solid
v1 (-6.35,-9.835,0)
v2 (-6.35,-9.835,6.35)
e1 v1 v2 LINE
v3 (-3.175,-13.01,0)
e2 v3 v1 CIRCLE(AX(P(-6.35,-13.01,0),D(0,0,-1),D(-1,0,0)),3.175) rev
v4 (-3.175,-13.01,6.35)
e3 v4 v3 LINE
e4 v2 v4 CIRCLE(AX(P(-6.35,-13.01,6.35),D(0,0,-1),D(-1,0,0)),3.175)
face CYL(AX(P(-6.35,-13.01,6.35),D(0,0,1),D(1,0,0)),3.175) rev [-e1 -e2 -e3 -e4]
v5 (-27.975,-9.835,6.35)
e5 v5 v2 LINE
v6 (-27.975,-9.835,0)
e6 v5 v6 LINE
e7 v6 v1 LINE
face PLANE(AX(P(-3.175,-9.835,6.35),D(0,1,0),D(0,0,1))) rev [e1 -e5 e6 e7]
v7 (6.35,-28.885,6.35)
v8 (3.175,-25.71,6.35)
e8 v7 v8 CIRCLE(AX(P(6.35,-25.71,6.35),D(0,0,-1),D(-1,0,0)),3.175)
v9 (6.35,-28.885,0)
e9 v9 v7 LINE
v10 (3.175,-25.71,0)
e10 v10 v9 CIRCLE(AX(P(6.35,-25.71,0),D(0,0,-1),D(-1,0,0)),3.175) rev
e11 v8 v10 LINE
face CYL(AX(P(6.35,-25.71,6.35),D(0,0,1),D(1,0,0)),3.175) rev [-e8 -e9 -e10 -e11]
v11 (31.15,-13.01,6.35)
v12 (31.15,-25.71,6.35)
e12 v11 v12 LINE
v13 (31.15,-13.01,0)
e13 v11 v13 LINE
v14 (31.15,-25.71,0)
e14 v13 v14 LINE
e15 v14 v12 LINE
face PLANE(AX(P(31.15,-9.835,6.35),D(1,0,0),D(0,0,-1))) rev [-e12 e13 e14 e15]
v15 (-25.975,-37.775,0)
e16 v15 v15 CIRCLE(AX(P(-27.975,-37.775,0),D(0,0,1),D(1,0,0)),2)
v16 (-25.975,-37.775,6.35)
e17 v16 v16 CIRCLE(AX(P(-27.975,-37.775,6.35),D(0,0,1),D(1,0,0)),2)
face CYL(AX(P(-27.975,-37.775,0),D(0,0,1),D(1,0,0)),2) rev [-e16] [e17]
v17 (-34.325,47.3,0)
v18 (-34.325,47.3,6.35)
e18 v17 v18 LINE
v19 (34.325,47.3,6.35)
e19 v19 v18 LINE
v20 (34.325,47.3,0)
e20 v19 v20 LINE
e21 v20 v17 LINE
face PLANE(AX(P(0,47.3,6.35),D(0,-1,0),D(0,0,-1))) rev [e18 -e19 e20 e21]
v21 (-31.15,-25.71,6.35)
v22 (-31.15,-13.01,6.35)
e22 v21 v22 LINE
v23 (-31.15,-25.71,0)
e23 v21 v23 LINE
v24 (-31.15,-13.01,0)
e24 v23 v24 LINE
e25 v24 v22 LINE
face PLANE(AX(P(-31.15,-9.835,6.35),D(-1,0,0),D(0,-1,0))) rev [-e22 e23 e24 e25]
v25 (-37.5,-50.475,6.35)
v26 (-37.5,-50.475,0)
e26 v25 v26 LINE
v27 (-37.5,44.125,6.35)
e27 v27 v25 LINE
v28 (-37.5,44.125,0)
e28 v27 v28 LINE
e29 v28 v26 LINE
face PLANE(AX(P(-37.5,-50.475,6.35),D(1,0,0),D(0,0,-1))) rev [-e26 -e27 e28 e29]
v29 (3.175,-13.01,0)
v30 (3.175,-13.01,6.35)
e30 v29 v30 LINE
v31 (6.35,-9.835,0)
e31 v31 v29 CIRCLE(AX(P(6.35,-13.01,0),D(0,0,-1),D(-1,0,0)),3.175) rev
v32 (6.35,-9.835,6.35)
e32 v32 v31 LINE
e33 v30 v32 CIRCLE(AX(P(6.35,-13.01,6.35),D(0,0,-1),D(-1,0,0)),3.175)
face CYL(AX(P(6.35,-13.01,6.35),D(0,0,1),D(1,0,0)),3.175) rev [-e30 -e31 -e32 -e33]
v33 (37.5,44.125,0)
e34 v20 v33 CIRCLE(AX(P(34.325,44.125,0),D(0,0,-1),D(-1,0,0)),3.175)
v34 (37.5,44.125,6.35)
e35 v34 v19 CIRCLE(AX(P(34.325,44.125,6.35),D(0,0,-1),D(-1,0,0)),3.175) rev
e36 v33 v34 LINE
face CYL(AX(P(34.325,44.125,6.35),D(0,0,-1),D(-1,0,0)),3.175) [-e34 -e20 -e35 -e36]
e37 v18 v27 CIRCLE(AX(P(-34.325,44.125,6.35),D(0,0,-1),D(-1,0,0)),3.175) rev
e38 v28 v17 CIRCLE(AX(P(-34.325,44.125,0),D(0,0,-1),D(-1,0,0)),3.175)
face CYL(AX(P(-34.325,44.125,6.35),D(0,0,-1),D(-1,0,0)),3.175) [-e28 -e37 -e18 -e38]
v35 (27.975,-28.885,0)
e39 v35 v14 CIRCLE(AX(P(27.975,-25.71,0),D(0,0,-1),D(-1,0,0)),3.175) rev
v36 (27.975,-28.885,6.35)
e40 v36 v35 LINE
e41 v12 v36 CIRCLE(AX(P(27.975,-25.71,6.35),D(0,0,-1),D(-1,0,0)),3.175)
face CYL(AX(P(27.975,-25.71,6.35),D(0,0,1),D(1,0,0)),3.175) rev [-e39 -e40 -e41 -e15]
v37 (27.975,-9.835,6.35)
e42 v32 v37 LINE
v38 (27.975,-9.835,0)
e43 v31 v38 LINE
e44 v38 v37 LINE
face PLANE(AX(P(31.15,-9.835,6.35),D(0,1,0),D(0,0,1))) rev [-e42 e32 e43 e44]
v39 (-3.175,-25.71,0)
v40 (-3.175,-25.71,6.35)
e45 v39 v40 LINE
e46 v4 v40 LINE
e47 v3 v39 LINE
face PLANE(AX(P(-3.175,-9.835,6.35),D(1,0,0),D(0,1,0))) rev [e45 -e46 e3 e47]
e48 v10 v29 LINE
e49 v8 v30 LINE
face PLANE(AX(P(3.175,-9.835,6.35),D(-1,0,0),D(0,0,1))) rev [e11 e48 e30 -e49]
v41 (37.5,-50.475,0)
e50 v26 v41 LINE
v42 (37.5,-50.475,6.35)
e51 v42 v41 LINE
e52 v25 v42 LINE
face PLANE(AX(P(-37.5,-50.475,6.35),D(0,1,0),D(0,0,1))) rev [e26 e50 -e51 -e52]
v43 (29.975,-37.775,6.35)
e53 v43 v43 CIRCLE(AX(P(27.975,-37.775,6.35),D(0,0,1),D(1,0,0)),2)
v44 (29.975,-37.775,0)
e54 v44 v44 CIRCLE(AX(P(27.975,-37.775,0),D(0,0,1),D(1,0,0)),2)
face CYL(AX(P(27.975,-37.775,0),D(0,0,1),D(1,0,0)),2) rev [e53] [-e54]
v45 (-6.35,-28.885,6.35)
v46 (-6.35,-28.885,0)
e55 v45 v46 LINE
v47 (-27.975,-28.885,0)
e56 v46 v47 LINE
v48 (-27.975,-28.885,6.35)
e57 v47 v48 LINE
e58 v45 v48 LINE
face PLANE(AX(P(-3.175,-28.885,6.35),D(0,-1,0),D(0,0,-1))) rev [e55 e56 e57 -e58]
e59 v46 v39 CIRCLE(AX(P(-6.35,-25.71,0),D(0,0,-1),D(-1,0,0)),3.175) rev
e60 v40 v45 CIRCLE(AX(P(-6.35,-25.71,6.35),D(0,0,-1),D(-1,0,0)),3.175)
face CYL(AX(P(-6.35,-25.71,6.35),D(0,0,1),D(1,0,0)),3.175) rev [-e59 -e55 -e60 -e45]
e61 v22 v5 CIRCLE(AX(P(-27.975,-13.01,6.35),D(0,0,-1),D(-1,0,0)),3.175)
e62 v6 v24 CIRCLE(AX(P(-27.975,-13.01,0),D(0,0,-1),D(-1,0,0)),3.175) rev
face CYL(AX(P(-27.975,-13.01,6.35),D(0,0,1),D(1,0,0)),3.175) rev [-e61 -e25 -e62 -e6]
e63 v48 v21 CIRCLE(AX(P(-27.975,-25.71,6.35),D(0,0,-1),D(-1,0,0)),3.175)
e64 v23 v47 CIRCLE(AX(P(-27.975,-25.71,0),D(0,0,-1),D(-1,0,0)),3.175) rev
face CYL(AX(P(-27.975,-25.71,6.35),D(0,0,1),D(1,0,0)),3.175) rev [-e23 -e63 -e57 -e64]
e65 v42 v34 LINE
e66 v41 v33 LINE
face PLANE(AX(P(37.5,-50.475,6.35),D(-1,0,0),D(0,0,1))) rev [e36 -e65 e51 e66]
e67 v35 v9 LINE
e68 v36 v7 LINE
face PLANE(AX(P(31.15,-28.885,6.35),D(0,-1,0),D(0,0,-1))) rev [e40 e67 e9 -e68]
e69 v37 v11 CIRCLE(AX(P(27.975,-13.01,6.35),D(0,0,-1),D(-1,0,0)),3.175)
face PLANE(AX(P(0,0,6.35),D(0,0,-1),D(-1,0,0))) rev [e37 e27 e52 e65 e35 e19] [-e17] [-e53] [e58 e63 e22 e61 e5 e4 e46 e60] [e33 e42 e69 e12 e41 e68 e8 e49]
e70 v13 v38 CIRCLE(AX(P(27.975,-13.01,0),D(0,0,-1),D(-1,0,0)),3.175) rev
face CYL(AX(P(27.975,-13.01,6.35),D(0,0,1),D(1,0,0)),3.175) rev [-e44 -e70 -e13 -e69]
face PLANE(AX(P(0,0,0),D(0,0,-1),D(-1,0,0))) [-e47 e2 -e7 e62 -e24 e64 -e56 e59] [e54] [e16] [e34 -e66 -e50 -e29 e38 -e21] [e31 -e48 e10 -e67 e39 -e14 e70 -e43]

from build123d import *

# Parameters (mm, degrees)
SKETCH1_W           = 75
SKETCH1_H           = 100.95000003
BOSS_EXTRUDE1_DEPTH = 6.35
SKETCH3_R           = 2
CUT_EXTRUDE1_DEPTH  = 6.35
SKETCH4_W           = 75
SKETCH4_H           = 3.175
CUT_EXTRUDE2_DEPTH  = 64.20045986
FILLET1_R           = 3.175
SKETCH5_W           = 27.975
SKETCH5_H           = 19.05
CUT_EXTRUDE3_DEPTH  = 64.20045986
FILLET2_R           = 3.175


with BuildPart() as part:
    # Sketch1 → Boss-Extrude1 (new body)
    with BuildSketch(Plane.XY):
        Rectangle(SKETCH1_W, SKETCH1_H)
    extrude(amount=BOSS_EXTRUDE1_DEPTH)

    # Sketch3 → Cut-Extrude1 (cut)
    with BuildSketch(Plane.XY.offset(6.35)):
        with Locations((-27.975, -37.775000015)):
            Circle(SKETCH3_R)
        with Locations((27.975, -37.775000015)):
            Circle(SKETCH3_R)
    extrude(amount=-CUT_EXTRUDE1_DEPTH, mode=Mode.SUBTRACT)

    # Sketch4 → Cut-Extrude2 (cut, through all)
    with BuildSketch(Plane(origin=(0, 0, 0), x_dir=(-1, 0, 0), z_dir=(0, 0, -1))):
        with Locations((0, 48.887500015)):
            Rectangle(SKETCH4_W, SKETCH4_H)
    extrude(amount=-CUT_EXTRUDE2_DEPTH, mode=Mode.SUBTRACT)

    # Fillet1
    fillet1_edges = [part.edges().sort_by_distance(p)[0] for p in [
        (37.5, 47.300000015, 3.175),
        (-37.5, 47.300000015, 3.175),
    ]]
    fillet(fillet1_edges, radius=FILLET1_R)

    # Sketch5 → Cut-Extrude3 (cut, through all)
    with BuildSketch(Plane(origin=(0, 0, 0), x_dir=(-1, 0, 0), z_dir=(0, 0, -1))):
        with Locations((-17.1625, -19.360000015)):
            Rectangle(SKETCH5_W, SKETCH5_H)
        with Locations((17.1625, -19.360000015)):
            Rectangle(SKETCH5_W, SKETCH5_H)
    extrude(amount=-CUT_EXTRUDE3_DEPTH, mode=Mode.SUBTRACT)

    # Fillet2
    fillet2_edges = [part.edges().sort_by_distance(p)[0] for p in [
        (31.15, -28.885000015, 3.175),
        (31.15, -9.835000015, 3.175),
        (3.175, -9.835000015, 3.175),
        (3.175, -28.885000015, 3.175),
        (-3.175, -28.885000015, 3.175),
        (-3.175, -9.835000015, 3.175),
        (-31.15, -9.835000015, 3.175),
        (-31.15, -28.885000015, 3.175),
    ]]
    fillet(fillet2_edges, radius=FILLET2_R)


solid = part.part
